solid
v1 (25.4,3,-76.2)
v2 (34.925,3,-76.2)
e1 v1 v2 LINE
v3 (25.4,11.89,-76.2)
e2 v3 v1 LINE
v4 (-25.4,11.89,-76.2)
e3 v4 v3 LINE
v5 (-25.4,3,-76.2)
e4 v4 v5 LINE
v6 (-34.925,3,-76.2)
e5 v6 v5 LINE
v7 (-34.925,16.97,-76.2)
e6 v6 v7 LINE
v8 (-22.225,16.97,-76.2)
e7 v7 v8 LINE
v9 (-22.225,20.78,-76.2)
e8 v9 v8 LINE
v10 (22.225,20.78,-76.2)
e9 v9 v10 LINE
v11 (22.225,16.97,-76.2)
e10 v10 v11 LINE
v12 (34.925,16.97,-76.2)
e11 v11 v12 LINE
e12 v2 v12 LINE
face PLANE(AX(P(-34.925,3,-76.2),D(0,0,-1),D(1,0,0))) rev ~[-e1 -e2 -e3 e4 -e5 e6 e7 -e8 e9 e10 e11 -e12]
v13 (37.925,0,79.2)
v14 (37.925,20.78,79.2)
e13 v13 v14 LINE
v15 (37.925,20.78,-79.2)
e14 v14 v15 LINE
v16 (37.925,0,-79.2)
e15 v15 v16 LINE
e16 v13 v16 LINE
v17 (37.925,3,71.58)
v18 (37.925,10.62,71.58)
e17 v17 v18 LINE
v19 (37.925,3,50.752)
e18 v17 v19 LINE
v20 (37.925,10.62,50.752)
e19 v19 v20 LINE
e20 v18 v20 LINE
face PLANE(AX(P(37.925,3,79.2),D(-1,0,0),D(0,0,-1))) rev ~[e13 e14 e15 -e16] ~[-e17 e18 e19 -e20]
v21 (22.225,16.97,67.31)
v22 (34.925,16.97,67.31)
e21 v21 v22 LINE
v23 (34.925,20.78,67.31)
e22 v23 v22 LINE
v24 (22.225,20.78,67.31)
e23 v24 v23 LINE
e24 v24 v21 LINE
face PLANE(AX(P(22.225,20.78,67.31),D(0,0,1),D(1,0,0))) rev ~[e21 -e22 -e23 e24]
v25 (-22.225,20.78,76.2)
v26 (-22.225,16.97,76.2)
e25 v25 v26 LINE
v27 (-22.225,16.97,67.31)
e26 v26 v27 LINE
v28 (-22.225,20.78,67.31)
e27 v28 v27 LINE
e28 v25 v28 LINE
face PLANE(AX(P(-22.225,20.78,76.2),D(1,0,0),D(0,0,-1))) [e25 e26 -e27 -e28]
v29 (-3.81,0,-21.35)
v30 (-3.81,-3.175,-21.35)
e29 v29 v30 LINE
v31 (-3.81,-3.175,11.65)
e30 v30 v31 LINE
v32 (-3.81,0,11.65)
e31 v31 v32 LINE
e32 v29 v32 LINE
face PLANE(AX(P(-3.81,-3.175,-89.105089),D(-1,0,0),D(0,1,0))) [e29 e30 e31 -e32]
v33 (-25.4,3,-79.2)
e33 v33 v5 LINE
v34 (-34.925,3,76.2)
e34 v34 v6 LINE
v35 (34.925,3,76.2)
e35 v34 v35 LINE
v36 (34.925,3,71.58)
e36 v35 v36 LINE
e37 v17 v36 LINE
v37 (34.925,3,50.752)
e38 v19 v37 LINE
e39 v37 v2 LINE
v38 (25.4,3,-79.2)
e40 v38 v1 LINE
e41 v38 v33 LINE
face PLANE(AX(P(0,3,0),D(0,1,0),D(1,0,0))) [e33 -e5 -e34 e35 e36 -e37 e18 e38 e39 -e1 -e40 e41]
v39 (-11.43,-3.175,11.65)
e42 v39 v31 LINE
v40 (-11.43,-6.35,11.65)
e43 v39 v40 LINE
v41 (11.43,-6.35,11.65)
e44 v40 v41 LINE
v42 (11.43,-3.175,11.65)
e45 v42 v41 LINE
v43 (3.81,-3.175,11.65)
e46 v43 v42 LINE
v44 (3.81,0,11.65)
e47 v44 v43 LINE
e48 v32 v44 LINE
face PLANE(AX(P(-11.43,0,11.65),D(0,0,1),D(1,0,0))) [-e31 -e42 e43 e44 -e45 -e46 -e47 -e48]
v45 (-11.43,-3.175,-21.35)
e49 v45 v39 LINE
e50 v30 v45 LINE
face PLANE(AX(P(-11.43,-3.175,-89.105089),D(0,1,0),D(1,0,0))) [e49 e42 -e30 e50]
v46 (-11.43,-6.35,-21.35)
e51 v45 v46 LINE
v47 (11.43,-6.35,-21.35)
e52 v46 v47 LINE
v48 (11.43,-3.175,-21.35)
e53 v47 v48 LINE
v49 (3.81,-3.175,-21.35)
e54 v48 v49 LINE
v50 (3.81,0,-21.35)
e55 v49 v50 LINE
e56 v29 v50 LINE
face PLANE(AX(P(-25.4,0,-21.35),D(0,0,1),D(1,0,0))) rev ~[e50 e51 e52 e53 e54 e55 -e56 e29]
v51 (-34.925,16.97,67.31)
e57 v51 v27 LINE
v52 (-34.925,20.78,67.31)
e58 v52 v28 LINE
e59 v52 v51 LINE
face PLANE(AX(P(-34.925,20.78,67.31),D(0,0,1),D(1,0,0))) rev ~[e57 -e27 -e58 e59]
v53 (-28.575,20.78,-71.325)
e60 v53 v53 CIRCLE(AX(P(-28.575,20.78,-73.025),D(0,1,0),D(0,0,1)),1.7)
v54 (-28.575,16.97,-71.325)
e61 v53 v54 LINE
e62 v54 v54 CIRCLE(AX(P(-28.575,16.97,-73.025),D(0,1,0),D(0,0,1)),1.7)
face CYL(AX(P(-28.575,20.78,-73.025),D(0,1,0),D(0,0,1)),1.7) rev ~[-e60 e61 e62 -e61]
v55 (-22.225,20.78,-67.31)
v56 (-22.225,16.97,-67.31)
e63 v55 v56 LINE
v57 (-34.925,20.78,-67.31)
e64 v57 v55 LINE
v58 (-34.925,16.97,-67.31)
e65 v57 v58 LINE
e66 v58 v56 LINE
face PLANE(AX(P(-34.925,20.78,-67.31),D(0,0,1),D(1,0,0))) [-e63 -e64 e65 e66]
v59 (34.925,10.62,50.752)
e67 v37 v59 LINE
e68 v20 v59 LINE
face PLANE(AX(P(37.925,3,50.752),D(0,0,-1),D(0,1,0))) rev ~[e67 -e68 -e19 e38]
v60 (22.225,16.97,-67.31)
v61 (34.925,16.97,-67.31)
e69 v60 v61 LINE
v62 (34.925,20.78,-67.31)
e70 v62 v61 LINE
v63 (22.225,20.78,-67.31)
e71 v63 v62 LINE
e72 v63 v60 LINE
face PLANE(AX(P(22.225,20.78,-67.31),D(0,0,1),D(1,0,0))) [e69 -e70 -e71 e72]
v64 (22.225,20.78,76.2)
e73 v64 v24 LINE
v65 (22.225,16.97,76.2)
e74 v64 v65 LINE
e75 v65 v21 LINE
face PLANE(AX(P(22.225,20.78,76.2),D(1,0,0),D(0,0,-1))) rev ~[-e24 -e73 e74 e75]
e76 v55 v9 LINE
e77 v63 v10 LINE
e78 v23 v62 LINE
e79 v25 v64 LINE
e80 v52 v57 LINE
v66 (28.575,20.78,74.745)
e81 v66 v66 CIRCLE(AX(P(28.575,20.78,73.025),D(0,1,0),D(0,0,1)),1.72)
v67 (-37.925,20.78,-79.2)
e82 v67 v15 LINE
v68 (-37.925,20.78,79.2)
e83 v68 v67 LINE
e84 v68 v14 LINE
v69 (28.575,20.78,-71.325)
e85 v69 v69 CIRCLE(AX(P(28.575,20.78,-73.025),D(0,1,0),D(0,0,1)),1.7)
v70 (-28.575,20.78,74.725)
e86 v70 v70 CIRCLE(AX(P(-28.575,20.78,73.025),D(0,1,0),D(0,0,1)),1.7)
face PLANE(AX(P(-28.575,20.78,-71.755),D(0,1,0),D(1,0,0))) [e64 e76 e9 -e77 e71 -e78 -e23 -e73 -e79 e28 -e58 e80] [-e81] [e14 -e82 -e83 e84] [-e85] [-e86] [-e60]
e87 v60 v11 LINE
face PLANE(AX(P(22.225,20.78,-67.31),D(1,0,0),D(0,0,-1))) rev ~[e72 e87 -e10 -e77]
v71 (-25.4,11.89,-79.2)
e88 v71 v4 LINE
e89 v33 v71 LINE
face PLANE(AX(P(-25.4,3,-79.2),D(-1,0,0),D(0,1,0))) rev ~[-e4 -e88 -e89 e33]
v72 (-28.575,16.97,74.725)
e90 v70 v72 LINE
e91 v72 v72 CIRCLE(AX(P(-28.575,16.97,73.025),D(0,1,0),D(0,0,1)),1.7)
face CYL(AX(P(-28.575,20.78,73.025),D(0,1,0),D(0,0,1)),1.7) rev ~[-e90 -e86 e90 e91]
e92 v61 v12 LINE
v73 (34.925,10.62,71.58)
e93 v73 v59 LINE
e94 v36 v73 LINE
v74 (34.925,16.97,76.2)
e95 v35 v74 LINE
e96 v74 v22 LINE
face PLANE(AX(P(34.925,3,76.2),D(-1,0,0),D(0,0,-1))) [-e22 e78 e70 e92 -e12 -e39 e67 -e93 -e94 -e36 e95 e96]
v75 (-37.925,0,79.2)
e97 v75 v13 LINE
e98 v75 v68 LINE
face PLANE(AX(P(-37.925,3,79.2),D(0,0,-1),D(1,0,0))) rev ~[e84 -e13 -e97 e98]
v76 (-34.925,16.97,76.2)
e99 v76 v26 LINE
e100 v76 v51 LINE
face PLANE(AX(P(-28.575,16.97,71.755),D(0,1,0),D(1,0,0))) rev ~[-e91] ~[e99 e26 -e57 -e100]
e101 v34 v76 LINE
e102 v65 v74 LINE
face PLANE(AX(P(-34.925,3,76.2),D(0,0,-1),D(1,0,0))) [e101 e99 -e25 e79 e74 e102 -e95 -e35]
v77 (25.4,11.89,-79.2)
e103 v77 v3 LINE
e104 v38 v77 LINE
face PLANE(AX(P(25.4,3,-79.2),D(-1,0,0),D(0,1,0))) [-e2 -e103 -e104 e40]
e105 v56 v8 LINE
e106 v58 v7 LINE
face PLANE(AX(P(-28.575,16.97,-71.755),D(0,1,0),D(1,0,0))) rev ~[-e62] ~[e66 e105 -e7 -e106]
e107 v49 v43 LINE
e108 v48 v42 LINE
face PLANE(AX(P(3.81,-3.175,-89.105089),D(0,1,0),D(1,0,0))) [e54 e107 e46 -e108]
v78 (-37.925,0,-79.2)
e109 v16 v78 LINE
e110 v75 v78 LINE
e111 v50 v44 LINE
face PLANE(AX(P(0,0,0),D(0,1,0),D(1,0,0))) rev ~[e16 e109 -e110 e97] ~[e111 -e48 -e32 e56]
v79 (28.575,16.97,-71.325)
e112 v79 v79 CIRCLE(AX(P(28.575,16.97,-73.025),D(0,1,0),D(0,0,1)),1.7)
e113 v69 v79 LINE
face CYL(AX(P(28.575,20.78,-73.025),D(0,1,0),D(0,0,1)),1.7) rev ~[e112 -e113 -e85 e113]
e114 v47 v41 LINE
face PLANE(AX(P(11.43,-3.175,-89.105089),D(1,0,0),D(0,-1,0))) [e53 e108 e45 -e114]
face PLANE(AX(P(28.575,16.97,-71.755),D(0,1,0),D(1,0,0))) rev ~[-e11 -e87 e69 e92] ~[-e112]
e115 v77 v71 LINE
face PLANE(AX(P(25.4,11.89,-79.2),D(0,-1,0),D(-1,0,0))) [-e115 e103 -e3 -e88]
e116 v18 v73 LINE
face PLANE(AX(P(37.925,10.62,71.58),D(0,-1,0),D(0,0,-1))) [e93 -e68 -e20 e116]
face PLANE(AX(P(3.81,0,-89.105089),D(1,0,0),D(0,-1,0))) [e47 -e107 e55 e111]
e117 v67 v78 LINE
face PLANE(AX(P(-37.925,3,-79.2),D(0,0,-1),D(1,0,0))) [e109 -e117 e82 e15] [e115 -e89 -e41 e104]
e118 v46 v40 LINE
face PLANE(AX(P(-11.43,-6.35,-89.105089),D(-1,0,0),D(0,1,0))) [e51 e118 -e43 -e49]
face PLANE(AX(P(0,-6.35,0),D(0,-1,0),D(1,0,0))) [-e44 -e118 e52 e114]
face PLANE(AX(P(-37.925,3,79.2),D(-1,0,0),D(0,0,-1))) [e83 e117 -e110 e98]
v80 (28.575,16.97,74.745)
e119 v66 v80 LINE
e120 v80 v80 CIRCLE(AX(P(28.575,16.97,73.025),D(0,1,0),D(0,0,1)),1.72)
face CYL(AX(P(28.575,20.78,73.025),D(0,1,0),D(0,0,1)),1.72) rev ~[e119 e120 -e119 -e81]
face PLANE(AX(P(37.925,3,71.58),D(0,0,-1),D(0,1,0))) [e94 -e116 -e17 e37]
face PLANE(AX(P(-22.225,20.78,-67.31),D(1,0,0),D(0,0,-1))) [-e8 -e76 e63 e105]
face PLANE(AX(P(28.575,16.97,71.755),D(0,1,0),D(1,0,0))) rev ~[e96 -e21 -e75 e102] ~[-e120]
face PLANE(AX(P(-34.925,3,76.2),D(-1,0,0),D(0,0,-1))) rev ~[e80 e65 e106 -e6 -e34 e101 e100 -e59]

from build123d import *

# Parameters (mm, degrees)
SKETCH1_W               = 75.85
SKETCH1_H               = 158.4
BOSS_EXTRUDE1_DEPTH     = 3
SKETCH2_W               = 75.85
SKETCH2_H               = 158.4
SKETCH2_W_2             = 69.85
SKETCH2_H_2             = 152.4
BOSS_EXTRUDE2_DEPTH     = 17.78
SKETCH3_W               = 12.7
SKETCH3_H               = 8.89
BOSS_EXTRUDE3_DEPTH     = 3.81
SKETCH7_W               = 50.8
SKETCH7_H               = 42.7
BOSS_EXTRUDE4_DEPTH     = 6.35
CUT_EXTRUDE2_DEPTH      = 110.455089078
CUT_EXTRUDE2_DEPTH_BACK = 110.455089078
CUT_EXTRUDE3_START      = -6.35
SKETCH9_W               = 22.86
SKETCH9_H               = 9.7
CUT_EXTRUDE3_DEPTH      = 6.35
CUT_EXTRUDE4_REACH      = 93.907
SKETCH4_R               = 1.7
SKETCH4_R_2             = 1.72
CUT_EXTRUDE5_REACH      = 166.197
SKETCH10_W              = 50.8
SKETCH10_H              = 8.89
CUT_EXTRUDE6_REACH      = 113.614
SKETCH11_W              = 20.828
SKETCH11_H              = 7.62


with BuildPart() as part:
    # Sketch1 → Boss-Extrude1 (new body)
    with BuildSketch(Plane(origin=(0, 0, 0), x_dir=(1, 0, 0), z_dir=(0, 1, 0))):
        Rectangle(SKETCH1_W, SKETCH1_H)
    extrude(amount=BOSS_EXTRUDE1_DEPTH)

    # Sketch2 → Boss-Extrude2 (add)
    with BuildSketch(Plane(origin=(0, 3, 0), x_dir=(1, 0, 0), z_dir=(0, 1, 0))):
        Rectangle(SKETCH2_W, SKETCH2_H)
        Rectangle(SKETCH2_W_2, SKETCH2_H_2, mode=Mode.SUBTRACT)
    extrude(amount=BOSS_EXTRUDE2_DEPTH)

    # Sketch3 → Boss-Extrude3 (add)
    with BuildSketch(Plane(origin=(0, 20.78, 0), x_dir=(1, 0, 0), z_dir=(0, 1, 0))):
        with Locations((-28.575, 71.755)):
            Rectangle(SKETCH3_W, SKETCH3_H)
        with Locations((-28.575, -71.755)):
            Rectangle(SKETCH3_W, SKETCH3_H)
        with Locations((28.575, 71.755)):
            Rectangle(SKETCH3_W, SKETCH3_H)
        with Locations((28.575, -71.755)):
            Rectangle(SKETCH3_W, SKETCH3_H)
    extrude(amount=-BOSS_EXTRUDE3_DEPTH)

    # Sketch7 → Boss-Extrude4 (add)
    with BuildSketch(Plane.XZ):
        Rectangle(SKETCH7_W, SKETCH7_H)
    extrude(amount=BOSS_EXTRUDE4_DEPTH)

    # Sketch8 → Cut-Extrude2 (cut, two sides: drawn at the far end of the back side and taken through both)
    with BuildSketch(Plane.XY.offset(21.35).offset(-CUT_EXTRUDE2_DEPTH_BACK)):
        Polygon((-3.81, -3.175), (-3.81, 0), (-25.4, 0), (-25.4, -6.35), (-11.43, -6.35), (-11.43, -3.175), align=None)
        Polygon((25.4, 0), (3.81, 0), (3.81, -3.175), (11.43, -3.175), (11.43, -6.35), (25.4, -6.35), align=None)
    extrude(amount=CUT_EXTRUDE2_DEPTH + CUT_EXTRUDE2_DEPTH_BACK, mode=Mode.SUBTRACT)

    # Sketch9 → Cut-Extrude3 (cut)
    with BuildSketch(Plane.XZ.offset(6.35).offset(CUT_EXTRUDE3_START)):
        with Locations((0, 16.5)):
            Rectangle(SKETCH9_W, SKETCH9_H)
    extrude(amount=CUT_EXTRUDE3_DEPTH, mode=Mode.SUBTRACT)

    # Sketch4 → Cut-Extrude4 (cut, up to next)
    with BuildSketch(Plane(origin=(0, 20.78, 0), x_dir=(1, 0, 0), z_dir=(0, 1, 0)), mode=Mode.PRIVATE) as cut_extrude4_sk1:
        with Locations(Location((-28.575, 73.025, 0), (0, 0, 270))):
            Circle(SKETCH4_R)
    cut_extrude4_tool1 = extrude(cut_extrude4_sk1.sketch, amount=-CUT_EXTRUDE4_REACH, mode=Mode.PRIVATE) & part.part
    # Sketch4 → Cut-Extrude4 (cut, up to next)
    with BuildSketch(Plane(origin=(0, 20.78, 0), x_dir=(1, 0, 0), z_dir=(0, 1, 0)), mode=Mode.PRIVATE) as cut_extrude4_sk2:
        with Locations(Location((28.575, 73.025, 0), (0, 0, 270))):
            Circle(SKETCH4_R)
    cut_extrude4_tool2 = extrude(cut_extrude4_sk2.sketch, amount=-CUT_EXTRUDE4_REACH, mode=Mode.PRIVATE) & part.part
    # Sketch4 → Cut-Extrude4 (cut, up to next)
    with BuildSketch(Plane(origin=(0, 20.78, 0), x_dir=(1, 0, 0), z_dir=(0, 1, 0)), mode=Mode.PRIVATE) as cut_extrude4_sk3:
        with Locations(Location((28.575, -73.025, 0), (0, 0, 270))):
            Circle(SKETCH4_R_2)
    cut_extrude4_tool3 = extrude(cut_extrude4_sk3.sketch, amount=-CUT_EXTRUDE4_REACH, mode=Mode.PRIVATE) & part.part
    # Sketch4 → Cut-Extrude4 (cut, up to next)
    with BuildSketch(Plane(origin=(0, 20.78, 0), x_dir=(1, 0, 0), z_dir=(0, 1, 0)), mode=Mode.PRIVATE) as cut_extrude4_sk4:
        with Locations(Location((-28.575, -73.025, 0), (0, 0, 270))):
            Circle(SKETCH4_R)
    cut_extrude4_tool4 = extrude(cut_extrude4_sk4.sketch, amount=-CUT_EXTRUDE4_REACH, mode=Mode.PRIVATE) & part.part
    add(cut_extrude4_tool1.solids().sort_by_distance((-28.575, 20.78, -73.025))[0], mode=Mode.SUBTRACT)
    add(cut_extrude4_tool2.solids().sort_by_distance((28.575, 20.78, -73.025))[0], mode=Mode.SUBTRACT)
    add(cut_extrude4_tool3.solids().sort_by_distance((28.575, 20.78, 73.025))[0], mode=Mode.SUBTRACT)
    add(cut_extrude4_tool4.solids().sort_by_distance((-28.575, 20.78, 73.025))[0], mode=Mode.SUBTRACT)

    # Sketch10 → Cut-Extrude5 (cut, up to next)
    with BuildSketch(Plane(origin=(0, 0, -79.2), x_dir=(-1, 0, 0), z_dir=(0, 0, -1)), mode=Mode.PRIVATE) as cut_extrude5_sk1:
        with Locations((0, 7.445)):
            Rectangle(SKETCH10_W, SKETCH10_H)
    cut_extrude5_tool1 = extrude(cut_extrude5_sk1.sketch, amount=-CUT_EXTRUDE5_REACH, mode=Mode.PRIVATE) & part.part
    add(cut_extrude5_tool1.solids().sort_by_distance((0, 7.445, -79.2))[0], mode=Mode.SUBTRACT)

    # Sketch11 → Cut-Extrude6 (cut, up to next)
    with BuildSketch(Plane(origin=(37.925, 0, 0), x_dir=(0, 0, -1), z_dir=(1, 0, 0)), mode=Mode.PRIVATE) as cut_extrude6_sk1:
        with Locations((-61.166, 6.81)):
            Rectangle(SKETCH11_W, SKETCH11_H)
    cut_extrude6_tool1 = extrude(cut_extrude6_sk1.sketch, amount=-CUT_EXTRUDE6_REACH, mode=Mode.PRIVATE) & part.part
    add(cut_extrude6_tool1.solids().sort_by_distance((37.925, 6.81, 61.166))[0], mode=Mode.SUBTRACT)


solid = part.part
